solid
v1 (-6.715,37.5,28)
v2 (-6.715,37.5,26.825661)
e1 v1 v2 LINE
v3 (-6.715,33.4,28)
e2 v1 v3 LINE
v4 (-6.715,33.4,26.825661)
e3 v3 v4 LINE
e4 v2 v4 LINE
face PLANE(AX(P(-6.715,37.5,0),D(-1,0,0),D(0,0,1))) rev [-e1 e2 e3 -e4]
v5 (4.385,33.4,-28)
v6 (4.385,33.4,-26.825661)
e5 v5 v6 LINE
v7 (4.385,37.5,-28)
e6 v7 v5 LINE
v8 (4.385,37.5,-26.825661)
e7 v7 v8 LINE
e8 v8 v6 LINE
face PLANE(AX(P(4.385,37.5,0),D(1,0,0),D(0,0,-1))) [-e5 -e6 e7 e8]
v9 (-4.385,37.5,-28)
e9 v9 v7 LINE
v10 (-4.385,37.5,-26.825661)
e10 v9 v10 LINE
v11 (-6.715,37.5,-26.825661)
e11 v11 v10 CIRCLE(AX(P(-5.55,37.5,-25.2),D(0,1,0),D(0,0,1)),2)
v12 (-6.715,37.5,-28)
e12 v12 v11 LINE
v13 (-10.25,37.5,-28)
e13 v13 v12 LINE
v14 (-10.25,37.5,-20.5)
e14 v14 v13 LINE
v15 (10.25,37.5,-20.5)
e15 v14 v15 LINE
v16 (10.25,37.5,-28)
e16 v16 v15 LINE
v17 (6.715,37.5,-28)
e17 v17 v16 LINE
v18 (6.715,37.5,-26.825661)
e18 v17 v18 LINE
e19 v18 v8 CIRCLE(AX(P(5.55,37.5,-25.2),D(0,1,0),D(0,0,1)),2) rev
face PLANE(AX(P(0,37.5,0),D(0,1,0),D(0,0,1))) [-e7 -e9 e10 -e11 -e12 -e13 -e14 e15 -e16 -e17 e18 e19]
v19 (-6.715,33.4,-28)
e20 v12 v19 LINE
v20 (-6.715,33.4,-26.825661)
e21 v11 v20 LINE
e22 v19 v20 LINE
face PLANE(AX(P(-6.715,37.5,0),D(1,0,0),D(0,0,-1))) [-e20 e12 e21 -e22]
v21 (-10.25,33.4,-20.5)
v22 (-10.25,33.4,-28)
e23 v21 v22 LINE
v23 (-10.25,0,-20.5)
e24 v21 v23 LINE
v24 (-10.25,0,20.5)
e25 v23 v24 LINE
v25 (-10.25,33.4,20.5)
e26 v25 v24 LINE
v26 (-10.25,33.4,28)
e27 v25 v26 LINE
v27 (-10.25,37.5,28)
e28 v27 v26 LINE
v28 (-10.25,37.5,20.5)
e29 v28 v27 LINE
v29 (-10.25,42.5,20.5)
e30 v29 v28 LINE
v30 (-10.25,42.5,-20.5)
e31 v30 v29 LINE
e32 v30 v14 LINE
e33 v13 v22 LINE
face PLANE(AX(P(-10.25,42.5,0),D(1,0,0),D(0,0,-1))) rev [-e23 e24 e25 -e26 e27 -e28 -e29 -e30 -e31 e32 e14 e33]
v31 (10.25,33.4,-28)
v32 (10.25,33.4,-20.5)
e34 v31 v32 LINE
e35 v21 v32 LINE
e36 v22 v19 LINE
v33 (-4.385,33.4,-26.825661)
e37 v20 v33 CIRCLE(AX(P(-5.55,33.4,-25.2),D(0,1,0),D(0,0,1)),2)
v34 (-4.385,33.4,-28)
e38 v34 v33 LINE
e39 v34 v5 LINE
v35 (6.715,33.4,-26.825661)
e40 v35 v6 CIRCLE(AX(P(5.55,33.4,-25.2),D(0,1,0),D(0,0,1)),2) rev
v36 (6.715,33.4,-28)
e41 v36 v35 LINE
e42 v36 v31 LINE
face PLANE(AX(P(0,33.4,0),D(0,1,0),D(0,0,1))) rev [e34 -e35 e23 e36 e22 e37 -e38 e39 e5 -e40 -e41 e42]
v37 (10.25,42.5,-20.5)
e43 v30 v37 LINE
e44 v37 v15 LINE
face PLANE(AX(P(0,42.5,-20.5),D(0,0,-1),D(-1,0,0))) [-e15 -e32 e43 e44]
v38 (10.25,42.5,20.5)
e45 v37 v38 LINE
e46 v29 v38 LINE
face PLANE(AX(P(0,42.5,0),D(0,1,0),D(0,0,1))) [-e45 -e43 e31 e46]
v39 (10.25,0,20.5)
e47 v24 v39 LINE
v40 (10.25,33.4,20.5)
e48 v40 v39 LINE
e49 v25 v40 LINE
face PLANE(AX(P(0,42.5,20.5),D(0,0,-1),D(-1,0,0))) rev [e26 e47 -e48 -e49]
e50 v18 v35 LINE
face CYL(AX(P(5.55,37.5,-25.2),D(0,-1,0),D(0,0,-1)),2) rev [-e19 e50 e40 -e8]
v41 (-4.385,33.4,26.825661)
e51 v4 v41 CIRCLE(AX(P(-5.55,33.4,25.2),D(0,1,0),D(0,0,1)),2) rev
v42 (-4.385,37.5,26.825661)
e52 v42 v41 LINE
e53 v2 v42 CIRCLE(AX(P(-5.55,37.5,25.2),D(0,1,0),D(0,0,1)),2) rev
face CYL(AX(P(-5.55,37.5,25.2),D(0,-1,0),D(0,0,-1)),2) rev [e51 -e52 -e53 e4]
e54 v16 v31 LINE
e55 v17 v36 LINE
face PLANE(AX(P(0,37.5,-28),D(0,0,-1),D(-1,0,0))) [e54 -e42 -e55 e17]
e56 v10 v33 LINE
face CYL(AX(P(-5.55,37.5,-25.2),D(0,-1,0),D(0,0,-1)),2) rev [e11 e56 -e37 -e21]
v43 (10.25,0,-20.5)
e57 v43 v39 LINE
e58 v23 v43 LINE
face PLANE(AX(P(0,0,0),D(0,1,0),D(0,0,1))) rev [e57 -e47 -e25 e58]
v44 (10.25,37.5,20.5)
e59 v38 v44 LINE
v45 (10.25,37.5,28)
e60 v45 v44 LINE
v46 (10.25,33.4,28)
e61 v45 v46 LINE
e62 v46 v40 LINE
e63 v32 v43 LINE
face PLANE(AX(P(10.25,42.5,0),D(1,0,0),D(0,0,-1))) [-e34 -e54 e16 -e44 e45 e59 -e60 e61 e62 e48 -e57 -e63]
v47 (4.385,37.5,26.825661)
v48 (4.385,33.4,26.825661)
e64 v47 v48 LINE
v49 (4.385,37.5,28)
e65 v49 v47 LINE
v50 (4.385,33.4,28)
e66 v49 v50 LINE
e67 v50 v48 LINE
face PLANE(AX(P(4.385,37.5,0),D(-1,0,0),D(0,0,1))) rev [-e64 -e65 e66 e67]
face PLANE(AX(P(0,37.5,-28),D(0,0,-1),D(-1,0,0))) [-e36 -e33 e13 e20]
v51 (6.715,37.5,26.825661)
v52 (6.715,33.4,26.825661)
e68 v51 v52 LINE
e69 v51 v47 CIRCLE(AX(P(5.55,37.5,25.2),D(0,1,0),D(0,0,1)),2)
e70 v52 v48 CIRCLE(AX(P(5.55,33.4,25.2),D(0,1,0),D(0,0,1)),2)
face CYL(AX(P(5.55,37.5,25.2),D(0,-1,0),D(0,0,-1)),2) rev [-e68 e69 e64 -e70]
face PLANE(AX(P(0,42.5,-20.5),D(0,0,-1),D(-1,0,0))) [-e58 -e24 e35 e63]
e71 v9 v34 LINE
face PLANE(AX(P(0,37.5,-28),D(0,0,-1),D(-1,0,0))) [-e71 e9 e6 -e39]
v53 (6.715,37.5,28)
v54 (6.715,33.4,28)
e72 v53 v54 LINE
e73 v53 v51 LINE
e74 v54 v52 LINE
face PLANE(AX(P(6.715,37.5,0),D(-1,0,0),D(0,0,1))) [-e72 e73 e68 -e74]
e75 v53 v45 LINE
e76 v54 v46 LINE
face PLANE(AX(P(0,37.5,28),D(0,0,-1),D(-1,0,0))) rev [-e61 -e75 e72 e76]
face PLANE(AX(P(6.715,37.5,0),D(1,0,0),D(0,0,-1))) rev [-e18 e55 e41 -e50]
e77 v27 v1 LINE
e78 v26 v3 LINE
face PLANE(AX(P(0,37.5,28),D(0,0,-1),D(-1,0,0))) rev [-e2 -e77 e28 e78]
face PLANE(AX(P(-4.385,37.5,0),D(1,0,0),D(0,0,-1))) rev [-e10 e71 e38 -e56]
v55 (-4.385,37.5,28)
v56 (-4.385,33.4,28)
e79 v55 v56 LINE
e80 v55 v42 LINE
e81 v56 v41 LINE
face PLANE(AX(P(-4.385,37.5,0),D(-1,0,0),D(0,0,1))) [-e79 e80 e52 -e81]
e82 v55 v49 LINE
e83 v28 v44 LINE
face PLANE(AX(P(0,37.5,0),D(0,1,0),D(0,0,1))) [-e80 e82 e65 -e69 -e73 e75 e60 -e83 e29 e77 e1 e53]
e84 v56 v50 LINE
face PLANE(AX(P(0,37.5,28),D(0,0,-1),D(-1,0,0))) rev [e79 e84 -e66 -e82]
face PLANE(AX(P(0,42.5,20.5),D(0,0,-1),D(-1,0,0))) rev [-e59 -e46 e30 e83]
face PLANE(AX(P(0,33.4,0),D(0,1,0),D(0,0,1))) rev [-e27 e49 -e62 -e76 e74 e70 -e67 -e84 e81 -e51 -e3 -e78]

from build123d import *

# Parameters (mm, degrees)
SKETCH2_W           = 20.5
SKETCH2_H           = 41
BOSS_EXTRUDE1_DEPTH = 42.5
BOSS_EXTRUDE2_START = 33.4
BOSS_EXTRUDE2_DEPTH = 4.1


with BuildPart() as part:
    # Sketch2 → Boss-Extrude1 (new body)
    with BuildSketch(Plane(origin=(0, 0, 0), x_dir=(1, 0, 0), z_dir=(0, 1, 0))):
        Rectangle(SKETCH2_W, SKETCH2_H)
    extrude(amount=BOSS_EXTRUDE1_DEPTH)

    # Sketch2<3> → Boss-Extrude2 (add)
    with BuildSketch(Plane(origin=(0, 0, 0), x_dir=(1, 0, 0), z_dir=(0, 1, 0)).offset(BOSS_EXTRUDE2_START)):
        with BuildLine():
            Line((-10.25, 28), (-10.25, 20.5))
            Line((-10.25, 20.5), (10.25, 20.5))
            Line((10.25, 20.5), (10.25, 28))
            Line((10.25, 28), (6.715, 28))
            Line((6.715, 28), (6.715, 26.825661404))
            ThreePointArc((6.715, 26.825661404), (5.55, 23.2), (4.385, 26.825661404))
            Line((4.385, 26.825661404), (4.385, 28))
            Line((4.385, 28), (-4.385, 28))
            Line((-4.385, 28), (-4.385, 26.825661404))
            ThreePointArc((-4.385, 26.825661404), (-5.55, 23.2), (-6.715, 26.825661404))
            Line((-6.715, 26.825661404), (-6.715, 28))
            Line((-6.715, 28), (-10.25, 28))
        make_face()
        with BuildLine():
            Line((10.25, -20.5), (-10.25, -20.5))
            Line((-10.25, -20.5), (-10.25, -28))
            Line((-10.25, -28), (-6.715, -28))
            Line((-6.715, -28), (-6.715, -26.825661404))
            ThreePointArc((-6.715, -26.825661404), (-5.55, -23.2), (-4.385, -26.825661404))
            Line((-4.385, -26.825661404), (-4.385, -28))
            Line((-4.385, -28), (4.385, -28))
            Line((4.385, -28), (4.385, -26.825661404))
            ThreePointArc((4.385, -26.825661404), (5.55, -23.2), (6.715, -26.825661404))
            Line((6.715, -26.825661404), (6.715, -28))
            Line((6.715, -28), (10.25, -28))
            Line((10.25, -28), (10.25, -20.5))
        make_face()
    extrude(amount=BOSS_EXTRUDE2_DEPTH)


solid = part.part
